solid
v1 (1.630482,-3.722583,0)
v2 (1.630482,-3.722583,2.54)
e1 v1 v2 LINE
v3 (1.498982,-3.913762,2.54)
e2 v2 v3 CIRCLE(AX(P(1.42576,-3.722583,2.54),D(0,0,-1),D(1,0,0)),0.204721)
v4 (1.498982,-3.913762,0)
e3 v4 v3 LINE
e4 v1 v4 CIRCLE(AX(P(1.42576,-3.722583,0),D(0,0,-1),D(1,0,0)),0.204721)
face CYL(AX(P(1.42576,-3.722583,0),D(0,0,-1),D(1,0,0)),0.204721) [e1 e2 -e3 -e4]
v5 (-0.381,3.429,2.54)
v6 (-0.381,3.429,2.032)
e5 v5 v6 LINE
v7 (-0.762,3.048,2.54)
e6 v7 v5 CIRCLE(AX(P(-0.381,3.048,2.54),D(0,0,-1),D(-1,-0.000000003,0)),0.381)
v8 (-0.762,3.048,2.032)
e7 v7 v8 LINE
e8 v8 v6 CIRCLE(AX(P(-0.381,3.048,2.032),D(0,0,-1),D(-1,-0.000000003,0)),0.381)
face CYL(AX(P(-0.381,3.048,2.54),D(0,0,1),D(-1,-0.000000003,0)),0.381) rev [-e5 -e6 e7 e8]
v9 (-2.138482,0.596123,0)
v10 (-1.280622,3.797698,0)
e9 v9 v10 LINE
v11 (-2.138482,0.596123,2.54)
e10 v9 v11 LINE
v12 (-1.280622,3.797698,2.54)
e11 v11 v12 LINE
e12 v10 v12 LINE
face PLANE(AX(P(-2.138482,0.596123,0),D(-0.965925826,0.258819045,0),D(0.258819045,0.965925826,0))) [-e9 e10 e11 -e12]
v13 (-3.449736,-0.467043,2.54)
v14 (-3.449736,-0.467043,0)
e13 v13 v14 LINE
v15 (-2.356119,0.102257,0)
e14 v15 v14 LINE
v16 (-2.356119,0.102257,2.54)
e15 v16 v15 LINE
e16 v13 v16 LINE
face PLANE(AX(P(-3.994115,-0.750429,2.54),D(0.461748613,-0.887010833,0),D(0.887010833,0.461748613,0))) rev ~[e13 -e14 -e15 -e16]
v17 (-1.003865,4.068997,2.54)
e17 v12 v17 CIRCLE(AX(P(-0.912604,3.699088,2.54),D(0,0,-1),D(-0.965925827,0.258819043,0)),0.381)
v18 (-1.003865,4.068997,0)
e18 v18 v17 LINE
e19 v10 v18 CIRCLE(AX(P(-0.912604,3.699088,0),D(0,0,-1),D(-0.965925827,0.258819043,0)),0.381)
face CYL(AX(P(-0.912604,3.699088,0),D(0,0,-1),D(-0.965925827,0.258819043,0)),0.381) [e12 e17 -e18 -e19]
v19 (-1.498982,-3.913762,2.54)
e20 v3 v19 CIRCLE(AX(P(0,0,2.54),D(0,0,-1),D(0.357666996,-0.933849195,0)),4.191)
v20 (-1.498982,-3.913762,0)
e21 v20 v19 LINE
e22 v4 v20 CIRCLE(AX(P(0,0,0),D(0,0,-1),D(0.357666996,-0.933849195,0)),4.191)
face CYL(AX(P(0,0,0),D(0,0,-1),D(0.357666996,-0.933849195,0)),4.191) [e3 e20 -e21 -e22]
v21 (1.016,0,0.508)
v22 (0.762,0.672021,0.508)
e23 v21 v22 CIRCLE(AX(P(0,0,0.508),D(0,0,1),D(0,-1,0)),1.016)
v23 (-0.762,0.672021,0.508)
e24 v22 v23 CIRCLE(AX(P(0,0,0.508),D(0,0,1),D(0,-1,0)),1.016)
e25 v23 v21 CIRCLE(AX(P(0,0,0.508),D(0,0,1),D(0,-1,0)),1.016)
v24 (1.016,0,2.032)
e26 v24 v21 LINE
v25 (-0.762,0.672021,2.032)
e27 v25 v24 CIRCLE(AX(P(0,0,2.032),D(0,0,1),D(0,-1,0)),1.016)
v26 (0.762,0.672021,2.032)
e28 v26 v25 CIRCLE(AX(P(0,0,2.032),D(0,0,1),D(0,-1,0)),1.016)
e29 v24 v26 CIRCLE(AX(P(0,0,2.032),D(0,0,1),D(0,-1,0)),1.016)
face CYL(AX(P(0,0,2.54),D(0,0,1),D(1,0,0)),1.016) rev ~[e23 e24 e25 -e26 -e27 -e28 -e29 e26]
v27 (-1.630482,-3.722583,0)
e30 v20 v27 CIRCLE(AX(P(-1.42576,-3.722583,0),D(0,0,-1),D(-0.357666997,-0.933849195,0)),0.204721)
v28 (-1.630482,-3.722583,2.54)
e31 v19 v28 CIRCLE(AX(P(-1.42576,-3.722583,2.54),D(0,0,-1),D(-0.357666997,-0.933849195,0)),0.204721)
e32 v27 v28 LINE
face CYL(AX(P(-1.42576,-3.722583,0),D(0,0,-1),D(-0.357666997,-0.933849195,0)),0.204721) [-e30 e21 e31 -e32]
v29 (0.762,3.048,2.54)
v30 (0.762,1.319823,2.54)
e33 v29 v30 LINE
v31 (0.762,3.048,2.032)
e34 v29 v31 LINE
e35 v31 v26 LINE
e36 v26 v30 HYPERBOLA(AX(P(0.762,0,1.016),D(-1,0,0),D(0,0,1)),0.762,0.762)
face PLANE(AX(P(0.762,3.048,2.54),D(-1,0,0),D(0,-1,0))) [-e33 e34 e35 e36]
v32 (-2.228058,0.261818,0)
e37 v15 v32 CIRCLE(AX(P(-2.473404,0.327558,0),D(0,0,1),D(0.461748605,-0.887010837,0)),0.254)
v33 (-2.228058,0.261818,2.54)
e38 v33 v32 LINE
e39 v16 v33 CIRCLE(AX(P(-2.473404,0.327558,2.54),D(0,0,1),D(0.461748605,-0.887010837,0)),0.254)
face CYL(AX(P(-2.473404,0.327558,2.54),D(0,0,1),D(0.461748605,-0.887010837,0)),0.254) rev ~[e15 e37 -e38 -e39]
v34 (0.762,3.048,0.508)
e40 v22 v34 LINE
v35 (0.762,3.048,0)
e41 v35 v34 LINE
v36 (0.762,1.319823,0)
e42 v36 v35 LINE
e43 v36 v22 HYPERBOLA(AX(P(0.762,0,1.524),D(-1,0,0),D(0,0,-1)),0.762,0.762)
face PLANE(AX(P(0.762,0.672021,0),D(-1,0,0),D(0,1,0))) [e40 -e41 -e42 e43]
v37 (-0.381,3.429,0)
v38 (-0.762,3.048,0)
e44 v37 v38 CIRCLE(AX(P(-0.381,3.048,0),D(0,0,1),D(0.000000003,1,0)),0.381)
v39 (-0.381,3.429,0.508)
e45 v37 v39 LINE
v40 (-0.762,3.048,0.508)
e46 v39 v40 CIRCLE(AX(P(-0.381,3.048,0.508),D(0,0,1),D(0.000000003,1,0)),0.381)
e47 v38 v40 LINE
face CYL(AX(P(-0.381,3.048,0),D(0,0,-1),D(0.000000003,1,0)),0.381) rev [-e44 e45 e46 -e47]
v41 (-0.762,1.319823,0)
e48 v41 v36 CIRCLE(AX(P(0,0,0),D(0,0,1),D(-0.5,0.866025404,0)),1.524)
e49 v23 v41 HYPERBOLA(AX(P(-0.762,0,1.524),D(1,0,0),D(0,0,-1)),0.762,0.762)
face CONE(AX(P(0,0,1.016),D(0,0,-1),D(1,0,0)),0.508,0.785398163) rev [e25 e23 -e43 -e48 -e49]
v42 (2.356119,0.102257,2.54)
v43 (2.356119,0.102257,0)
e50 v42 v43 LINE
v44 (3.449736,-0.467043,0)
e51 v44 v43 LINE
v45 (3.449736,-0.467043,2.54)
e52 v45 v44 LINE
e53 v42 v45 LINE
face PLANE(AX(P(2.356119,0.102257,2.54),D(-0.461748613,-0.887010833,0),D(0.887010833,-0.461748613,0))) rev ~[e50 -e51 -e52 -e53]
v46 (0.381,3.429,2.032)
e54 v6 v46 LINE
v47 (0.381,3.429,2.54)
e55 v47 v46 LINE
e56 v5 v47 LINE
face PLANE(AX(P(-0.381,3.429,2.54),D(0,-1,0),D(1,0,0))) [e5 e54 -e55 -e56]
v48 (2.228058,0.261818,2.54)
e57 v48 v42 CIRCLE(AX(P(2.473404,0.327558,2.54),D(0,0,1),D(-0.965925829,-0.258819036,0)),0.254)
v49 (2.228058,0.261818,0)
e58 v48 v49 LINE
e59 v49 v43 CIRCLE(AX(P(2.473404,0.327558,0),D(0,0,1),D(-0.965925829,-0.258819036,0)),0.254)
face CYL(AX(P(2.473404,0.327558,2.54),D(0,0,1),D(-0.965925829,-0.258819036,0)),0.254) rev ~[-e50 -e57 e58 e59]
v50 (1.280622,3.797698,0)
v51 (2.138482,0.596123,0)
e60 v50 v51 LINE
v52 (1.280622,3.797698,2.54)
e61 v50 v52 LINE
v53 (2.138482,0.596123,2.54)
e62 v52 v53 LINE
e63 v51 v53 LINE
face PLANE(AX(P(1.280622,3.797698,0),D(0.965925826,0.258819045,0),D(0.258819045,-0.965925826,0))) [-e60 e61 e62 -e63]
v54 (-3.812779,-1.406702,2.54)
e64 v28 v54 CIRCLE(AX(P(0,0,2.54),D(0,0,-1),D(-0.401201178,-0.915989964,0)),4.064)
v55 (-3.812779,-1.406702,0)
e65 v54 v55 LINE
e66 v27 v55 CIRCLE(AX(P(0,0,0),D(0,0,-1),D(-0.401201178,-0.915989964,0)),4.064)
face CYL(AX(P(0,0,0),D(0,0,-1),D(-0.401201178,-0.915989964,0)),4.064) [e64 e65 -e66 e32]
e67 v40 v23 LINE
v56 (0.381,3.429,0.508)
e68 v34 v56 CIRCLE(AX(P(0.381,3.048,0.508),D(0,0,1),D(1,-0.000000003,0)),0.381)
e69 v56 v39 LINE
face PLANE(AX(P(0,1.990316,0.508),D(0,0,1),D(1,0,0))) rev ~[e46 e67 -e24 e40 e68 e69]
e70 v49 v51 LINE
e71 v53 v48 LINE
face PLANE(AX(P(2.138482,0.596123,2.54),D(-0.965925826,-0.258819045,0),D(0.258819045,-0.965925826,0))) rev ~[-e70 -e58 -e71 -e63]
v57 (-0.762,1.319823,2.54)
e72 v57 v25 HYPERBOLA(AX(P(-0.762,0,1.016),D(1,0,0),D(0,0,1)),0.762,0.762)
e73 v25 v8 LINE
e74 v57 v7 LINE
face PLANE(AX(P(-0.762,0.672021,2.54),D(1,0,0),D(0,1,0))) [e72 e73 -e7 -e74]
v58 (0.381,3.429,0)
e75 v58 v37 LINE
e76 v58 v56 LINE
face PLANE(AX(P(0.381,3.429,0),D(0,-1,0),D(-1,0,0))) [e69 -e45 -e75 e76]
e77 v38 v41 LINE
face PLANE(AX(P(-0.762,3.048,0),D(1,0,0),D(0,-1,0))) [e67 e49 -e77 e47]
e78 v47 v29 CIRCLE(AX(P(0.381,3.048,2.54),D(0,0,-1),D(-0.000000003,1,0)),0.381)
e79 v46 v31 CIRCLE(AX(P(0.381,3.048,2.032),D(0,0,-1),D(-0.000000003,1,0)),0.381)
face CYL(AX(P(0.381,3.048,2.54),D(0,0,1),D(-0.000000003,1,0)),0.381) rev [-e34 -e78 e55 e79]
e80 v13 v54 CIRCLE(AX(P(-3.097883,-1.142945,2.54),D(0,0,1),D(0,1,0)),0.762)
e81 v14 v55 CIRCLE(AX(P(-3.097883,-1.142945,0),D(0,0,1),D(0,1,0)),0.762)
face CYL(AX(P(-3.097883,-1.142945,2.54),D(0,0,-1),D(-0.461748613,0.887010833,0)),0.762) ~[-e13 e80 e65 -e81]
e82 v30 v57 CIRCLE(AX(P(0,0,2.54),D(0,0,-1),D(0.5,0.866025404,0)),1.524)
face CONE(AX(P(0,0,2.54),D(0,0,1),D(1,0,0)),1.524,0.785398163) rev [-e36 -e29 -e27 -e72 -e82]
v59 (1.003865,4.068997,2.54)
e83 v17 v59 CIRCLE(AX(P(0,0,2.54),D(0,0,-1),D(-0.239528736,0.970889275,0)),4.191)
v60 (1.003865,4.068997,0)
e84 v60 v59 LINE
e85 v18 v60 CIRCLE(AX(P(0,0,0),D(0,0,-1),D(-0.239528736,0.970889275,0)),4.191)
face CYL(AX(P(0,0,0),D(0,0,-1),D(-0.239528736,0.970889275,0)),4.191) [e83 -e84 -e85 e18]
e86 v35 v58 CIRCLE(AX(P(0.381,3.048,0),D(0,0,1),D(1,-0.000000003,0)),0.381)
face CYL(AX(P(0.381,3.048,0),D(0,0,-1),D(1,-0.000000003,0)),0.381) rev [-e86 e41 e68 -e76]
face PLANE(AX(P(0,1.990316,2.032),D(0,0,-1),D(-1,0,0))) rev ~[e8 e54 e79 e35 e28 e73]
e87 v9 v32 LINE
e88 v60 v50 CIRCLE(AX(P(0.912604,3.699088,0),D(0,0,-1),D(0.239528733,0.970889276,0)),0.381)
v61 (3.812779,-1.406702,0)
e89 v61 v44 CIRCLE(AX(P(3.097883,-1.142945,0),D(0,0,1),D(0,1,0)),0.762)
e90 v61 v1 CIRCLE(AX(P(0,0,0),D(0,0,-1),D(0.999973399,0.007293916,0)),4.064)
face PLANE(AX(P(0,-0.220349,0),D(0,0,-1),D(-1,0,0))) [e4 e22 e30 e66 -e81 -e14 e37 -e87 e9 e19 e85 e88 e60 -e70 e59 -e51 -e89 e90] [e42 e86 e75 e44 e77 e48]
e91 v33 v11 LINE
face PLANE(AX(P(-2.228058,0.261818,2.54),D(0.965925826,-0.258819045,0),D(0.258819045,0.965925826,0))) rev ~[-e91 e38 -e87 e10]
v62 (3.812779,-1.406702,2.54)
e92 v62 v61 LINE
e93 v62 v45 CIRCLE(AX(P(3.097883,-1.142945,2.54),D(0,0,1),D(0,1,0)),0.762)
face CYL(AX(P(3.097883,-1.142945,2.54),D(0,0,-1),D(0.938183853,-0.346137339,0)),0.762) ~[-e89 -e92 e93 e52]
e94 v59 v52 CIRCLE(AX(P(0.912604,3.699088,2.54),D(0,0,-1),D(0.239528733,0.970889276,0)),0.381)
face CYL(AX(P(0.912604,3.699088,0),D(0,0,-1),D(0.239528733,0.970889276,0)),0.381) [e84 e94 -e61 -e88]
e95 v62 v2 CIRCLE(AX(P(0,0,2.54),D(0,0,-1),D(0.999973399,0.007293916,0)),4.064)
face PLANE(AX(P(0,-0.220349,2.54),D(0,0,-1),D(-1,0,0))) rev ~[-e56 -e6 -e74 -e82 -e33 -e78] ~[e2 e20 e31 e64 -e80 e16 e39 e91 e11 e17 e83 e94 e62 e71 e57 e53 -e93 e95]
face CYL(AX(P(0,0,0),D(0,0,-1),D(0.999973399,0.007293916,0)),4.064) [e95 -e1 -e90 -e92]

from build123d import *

# Parameters (mm, degrees)
EXTRUDE1_DEPTH  = 2.54
EXTRUDE2_DEPTH  = 3.54
EXTRUDE3_DEPTH  = 3.54
FILLET1_R       = 0.762
SKETCH6_R       = 1.016
EXTRUDE6_DEPTH  = 3.54
EXTRUDE9_DEPTH  = 0.508
EXTRUDE10_DEPTH = 0.508


with BuildPart() as part:
    # Sketch1 → Extrude1 (new body)
    with BuildSketch(Plane.XY):
        with BuildLine():
            Line((-3.682902029, 0.407863494), (-2.38382675, 0.407863494))
            ThreePointArc((-2.38382675, 0.407863494), (-2.229201347, 0.460351745), (-2.13848159, 0.596123456))
            Line((-2.13848159, 0.596123456), (-1.280622225, 3.797698194))
            ThreePointArc((-1.280622225, 3.797698194), (-1.179315691, 3.971165577), (-1.003864933, 4.068996952))
            ThreePointArc((-1.003864933, 4.068996952), (0, 4.191), (1.003864933, 4.068996952))
            ThreePointArc((1.003864933, 4.068996952), (1.179315691, 3.971165577), (1.280622225, 3.797698194))
            Line((1.280622225, 3.797698194), (2.13848159, 0.596123456))
            ThreePointArc((2.13848159, 0.596123456), (2.229201347, 0.460351745), (2.38382675, 0.407863494))
            Line((2.38382675, 0.407863494), (3.682902029, 0.407863494))
            ThreePointArc((3.682902029, 0.407863494), (3.951325396, 0.297251911), (4.063891894, 0.029642476))
            ThreePointArc((4.063891894, 0.029642476), (3.409731918, -2.2112947), (1.63048159, -3.722583214))
            ThreePointArc((1.63048159, -3.722583214), (1.594432949, -3.838601921), (1.498982382, -3.913761978))
            ThreePointArc((1.498982382, -3.913761978), (0, -4.191), (-1.498982382, -3.913761978))
            ThreePointArc((-1.498982382, -3.913761978), (-1.594432949, -3.838601921), (-1.63048159, -3.722583214))
            ThreePointArc((-1.63048159, -3.722583214), (-3.409731918, -2.2112947), (-4.063891894, 0.029642476))
            ThreePointArc((-4.063891894, 0.029642476), (-3.951325396, 0.297251911), (-3.682902029, 0.407863494))
        make_face()
    extrude(amount=EXTRUDE1_DEPTH)

    # Sketch2 → Extrude2 (cut, through all)
    with BuildSketch(Plane.XY.offset(2.54)):
        with BuildLine():
            Line((-2.38382675, 0.407863494), (-3.682902029, 0.407863494))
            ThreePointArc((-3.682902029, 0.407863494), (-3.951325396, 0.297251911), (-4.063891894, 0.029642476))
            ThreePointArc((-4.063891894, 0.029642476), (-4.047838367, -0.362078102), (-3.994114692, -0.750429096))
            Line((-3.994114692, -0.750429096), (-2.356119493, 0.102257234))
            ThreePointArc((-2.356119493, 0.102257234), (-2.275312982, 0.168573423), (-2.228058481, 0.261817948))
            Line((-2.228058481, 0.261817948), (-2.13848159, 0.596123456))
            ThreePointArc((-2.13848159, 0.596123456), (-2.229201347, 0.460351745), (-2.38382675, 0.407863494))
        make_face()
    extrude(amount=-EXTRUDE2_DEPTH, mode=Mode.SUBTRACT)

    # Sketch3 → Extrude3 (cut, through all)
    with BuildSketch(Plane.XY.offset(2.54)):
        with BuildLine():
            Line((3.682902029, 0.407863494), (2.38382675, 0.407863494))
            ThreePointArc((2.38382675, 0.407863494), (2.229201347, 0.460351745), (2.13848159, 0.596123456))
            Line((2.13848159, 0.596123456), (2.228058481, 0.261817948))
            ThreePointArc((2.228058481, 0.261817948), (2.275312982, 0.168573423), (2.356119493, 0.102257234))
            Line((2.356119493, 0.102257234), (3.994114692, -0.750429096))
            ThreePointArc((3.994114692, -0.750429096), (4.047838367, -0.362078102), (4.063891894, 0.029642476))
            ThreePointArc((4.063891894, 0.029642476), (3.951325396, 0.297251911), (3.682902029, 0.407863494))
        make_face()
    extrude(amount=-EXTRUDE3_DEPTH, mode=Mode.SUBTRACT)

    # Fillet1
    fillet1_edges = [part.edges().sort_by_distance(p)[0] for p in [
        (-3.994114692, -0.750429096, 1.27),
        (3.994114692, -0.750429096, 1.27),
    ]]
    fillet(fillet1_edges, radius=FILLET1_R)

    # Sketch6 → Extrude6 (cut, through all)
    with BuildSketch(Plane.XY.offset(2.54)):
        Circle(SKETCH6_R)
    extrude(amount=-EXTRUDE6_DEPTH, mode=Mode.SUBTRACT)

    # Sketch11 → Cut-Revolve1 (revolve, cut)
    with BuildSketch(Plane(origin=(0, 0, 0), x_dir=(1, 0, 0), z_dir=(0, 1, 0))):
        Polygon((0, -2.54), (1.524, -2.54), (0.508, -1.524), (0.508, -1.016), (1.524, 0), (0, 0), align=None)
    revolve(axis=Axis((0, 0, 0), (0, 0, 1)), mode=Mode.SUBTRACT)

    # Sketch9 → Extrude9 (cut)
    with BuildSketch(Plane(origin=(0, 0, 0), x_dir=(-1, 0, 0), z_dir=(0, 0, -1))):
        with BuildLine():
            Line((-0.381, 3.429), (0.381, 3.429))
            ThreePointArc((0.381, 3.429), (0.650407684, 3.317407684), (0.762, 3.048))
            Line((0.762, 3.048), (0.762, 0.672020833))
            Line((0.762, 0.672020833), (-0.762, 0.672020833))
            Line((-0.762, 0.672020833), (-0.762, 3.048))
            ThreePointArc((-0.762, 3.048), (-0.650407684, 3.317407684), (-0.381, 3.429))
        make_face()
    extrude(amount=-EXTRUDE9_DEPTH, mode=Mode.SUBTRACT)

    # Sketch10 → Extrude10 (cut)
    with BuildSketch(Plane.XY.offset(2.54)):
        with BuildLine():
            Line((-0.381, 3.429), (0.381, 3.429))
            ThreePointArc((0.381, 3.429), (0.650407684, 3.317407684), (0.762, 3.048))
            Line((0.762, 3.048), (0.762, 0.672020833))
            Line((0.762, 0.672020833), (-0.762, 0.672020833))
            Line((-0.762, 0.672020833), (-0.762, 3.048))
            ThreePointArc((-0.762, 3.048), (-0.650407684, 3.317407684), (-0.381, 3.429))
        make_face()
    extrude(amount=-EXTRUDE10_DEPTH, mode=Mode.SUBTRACT)


solid = part.part
